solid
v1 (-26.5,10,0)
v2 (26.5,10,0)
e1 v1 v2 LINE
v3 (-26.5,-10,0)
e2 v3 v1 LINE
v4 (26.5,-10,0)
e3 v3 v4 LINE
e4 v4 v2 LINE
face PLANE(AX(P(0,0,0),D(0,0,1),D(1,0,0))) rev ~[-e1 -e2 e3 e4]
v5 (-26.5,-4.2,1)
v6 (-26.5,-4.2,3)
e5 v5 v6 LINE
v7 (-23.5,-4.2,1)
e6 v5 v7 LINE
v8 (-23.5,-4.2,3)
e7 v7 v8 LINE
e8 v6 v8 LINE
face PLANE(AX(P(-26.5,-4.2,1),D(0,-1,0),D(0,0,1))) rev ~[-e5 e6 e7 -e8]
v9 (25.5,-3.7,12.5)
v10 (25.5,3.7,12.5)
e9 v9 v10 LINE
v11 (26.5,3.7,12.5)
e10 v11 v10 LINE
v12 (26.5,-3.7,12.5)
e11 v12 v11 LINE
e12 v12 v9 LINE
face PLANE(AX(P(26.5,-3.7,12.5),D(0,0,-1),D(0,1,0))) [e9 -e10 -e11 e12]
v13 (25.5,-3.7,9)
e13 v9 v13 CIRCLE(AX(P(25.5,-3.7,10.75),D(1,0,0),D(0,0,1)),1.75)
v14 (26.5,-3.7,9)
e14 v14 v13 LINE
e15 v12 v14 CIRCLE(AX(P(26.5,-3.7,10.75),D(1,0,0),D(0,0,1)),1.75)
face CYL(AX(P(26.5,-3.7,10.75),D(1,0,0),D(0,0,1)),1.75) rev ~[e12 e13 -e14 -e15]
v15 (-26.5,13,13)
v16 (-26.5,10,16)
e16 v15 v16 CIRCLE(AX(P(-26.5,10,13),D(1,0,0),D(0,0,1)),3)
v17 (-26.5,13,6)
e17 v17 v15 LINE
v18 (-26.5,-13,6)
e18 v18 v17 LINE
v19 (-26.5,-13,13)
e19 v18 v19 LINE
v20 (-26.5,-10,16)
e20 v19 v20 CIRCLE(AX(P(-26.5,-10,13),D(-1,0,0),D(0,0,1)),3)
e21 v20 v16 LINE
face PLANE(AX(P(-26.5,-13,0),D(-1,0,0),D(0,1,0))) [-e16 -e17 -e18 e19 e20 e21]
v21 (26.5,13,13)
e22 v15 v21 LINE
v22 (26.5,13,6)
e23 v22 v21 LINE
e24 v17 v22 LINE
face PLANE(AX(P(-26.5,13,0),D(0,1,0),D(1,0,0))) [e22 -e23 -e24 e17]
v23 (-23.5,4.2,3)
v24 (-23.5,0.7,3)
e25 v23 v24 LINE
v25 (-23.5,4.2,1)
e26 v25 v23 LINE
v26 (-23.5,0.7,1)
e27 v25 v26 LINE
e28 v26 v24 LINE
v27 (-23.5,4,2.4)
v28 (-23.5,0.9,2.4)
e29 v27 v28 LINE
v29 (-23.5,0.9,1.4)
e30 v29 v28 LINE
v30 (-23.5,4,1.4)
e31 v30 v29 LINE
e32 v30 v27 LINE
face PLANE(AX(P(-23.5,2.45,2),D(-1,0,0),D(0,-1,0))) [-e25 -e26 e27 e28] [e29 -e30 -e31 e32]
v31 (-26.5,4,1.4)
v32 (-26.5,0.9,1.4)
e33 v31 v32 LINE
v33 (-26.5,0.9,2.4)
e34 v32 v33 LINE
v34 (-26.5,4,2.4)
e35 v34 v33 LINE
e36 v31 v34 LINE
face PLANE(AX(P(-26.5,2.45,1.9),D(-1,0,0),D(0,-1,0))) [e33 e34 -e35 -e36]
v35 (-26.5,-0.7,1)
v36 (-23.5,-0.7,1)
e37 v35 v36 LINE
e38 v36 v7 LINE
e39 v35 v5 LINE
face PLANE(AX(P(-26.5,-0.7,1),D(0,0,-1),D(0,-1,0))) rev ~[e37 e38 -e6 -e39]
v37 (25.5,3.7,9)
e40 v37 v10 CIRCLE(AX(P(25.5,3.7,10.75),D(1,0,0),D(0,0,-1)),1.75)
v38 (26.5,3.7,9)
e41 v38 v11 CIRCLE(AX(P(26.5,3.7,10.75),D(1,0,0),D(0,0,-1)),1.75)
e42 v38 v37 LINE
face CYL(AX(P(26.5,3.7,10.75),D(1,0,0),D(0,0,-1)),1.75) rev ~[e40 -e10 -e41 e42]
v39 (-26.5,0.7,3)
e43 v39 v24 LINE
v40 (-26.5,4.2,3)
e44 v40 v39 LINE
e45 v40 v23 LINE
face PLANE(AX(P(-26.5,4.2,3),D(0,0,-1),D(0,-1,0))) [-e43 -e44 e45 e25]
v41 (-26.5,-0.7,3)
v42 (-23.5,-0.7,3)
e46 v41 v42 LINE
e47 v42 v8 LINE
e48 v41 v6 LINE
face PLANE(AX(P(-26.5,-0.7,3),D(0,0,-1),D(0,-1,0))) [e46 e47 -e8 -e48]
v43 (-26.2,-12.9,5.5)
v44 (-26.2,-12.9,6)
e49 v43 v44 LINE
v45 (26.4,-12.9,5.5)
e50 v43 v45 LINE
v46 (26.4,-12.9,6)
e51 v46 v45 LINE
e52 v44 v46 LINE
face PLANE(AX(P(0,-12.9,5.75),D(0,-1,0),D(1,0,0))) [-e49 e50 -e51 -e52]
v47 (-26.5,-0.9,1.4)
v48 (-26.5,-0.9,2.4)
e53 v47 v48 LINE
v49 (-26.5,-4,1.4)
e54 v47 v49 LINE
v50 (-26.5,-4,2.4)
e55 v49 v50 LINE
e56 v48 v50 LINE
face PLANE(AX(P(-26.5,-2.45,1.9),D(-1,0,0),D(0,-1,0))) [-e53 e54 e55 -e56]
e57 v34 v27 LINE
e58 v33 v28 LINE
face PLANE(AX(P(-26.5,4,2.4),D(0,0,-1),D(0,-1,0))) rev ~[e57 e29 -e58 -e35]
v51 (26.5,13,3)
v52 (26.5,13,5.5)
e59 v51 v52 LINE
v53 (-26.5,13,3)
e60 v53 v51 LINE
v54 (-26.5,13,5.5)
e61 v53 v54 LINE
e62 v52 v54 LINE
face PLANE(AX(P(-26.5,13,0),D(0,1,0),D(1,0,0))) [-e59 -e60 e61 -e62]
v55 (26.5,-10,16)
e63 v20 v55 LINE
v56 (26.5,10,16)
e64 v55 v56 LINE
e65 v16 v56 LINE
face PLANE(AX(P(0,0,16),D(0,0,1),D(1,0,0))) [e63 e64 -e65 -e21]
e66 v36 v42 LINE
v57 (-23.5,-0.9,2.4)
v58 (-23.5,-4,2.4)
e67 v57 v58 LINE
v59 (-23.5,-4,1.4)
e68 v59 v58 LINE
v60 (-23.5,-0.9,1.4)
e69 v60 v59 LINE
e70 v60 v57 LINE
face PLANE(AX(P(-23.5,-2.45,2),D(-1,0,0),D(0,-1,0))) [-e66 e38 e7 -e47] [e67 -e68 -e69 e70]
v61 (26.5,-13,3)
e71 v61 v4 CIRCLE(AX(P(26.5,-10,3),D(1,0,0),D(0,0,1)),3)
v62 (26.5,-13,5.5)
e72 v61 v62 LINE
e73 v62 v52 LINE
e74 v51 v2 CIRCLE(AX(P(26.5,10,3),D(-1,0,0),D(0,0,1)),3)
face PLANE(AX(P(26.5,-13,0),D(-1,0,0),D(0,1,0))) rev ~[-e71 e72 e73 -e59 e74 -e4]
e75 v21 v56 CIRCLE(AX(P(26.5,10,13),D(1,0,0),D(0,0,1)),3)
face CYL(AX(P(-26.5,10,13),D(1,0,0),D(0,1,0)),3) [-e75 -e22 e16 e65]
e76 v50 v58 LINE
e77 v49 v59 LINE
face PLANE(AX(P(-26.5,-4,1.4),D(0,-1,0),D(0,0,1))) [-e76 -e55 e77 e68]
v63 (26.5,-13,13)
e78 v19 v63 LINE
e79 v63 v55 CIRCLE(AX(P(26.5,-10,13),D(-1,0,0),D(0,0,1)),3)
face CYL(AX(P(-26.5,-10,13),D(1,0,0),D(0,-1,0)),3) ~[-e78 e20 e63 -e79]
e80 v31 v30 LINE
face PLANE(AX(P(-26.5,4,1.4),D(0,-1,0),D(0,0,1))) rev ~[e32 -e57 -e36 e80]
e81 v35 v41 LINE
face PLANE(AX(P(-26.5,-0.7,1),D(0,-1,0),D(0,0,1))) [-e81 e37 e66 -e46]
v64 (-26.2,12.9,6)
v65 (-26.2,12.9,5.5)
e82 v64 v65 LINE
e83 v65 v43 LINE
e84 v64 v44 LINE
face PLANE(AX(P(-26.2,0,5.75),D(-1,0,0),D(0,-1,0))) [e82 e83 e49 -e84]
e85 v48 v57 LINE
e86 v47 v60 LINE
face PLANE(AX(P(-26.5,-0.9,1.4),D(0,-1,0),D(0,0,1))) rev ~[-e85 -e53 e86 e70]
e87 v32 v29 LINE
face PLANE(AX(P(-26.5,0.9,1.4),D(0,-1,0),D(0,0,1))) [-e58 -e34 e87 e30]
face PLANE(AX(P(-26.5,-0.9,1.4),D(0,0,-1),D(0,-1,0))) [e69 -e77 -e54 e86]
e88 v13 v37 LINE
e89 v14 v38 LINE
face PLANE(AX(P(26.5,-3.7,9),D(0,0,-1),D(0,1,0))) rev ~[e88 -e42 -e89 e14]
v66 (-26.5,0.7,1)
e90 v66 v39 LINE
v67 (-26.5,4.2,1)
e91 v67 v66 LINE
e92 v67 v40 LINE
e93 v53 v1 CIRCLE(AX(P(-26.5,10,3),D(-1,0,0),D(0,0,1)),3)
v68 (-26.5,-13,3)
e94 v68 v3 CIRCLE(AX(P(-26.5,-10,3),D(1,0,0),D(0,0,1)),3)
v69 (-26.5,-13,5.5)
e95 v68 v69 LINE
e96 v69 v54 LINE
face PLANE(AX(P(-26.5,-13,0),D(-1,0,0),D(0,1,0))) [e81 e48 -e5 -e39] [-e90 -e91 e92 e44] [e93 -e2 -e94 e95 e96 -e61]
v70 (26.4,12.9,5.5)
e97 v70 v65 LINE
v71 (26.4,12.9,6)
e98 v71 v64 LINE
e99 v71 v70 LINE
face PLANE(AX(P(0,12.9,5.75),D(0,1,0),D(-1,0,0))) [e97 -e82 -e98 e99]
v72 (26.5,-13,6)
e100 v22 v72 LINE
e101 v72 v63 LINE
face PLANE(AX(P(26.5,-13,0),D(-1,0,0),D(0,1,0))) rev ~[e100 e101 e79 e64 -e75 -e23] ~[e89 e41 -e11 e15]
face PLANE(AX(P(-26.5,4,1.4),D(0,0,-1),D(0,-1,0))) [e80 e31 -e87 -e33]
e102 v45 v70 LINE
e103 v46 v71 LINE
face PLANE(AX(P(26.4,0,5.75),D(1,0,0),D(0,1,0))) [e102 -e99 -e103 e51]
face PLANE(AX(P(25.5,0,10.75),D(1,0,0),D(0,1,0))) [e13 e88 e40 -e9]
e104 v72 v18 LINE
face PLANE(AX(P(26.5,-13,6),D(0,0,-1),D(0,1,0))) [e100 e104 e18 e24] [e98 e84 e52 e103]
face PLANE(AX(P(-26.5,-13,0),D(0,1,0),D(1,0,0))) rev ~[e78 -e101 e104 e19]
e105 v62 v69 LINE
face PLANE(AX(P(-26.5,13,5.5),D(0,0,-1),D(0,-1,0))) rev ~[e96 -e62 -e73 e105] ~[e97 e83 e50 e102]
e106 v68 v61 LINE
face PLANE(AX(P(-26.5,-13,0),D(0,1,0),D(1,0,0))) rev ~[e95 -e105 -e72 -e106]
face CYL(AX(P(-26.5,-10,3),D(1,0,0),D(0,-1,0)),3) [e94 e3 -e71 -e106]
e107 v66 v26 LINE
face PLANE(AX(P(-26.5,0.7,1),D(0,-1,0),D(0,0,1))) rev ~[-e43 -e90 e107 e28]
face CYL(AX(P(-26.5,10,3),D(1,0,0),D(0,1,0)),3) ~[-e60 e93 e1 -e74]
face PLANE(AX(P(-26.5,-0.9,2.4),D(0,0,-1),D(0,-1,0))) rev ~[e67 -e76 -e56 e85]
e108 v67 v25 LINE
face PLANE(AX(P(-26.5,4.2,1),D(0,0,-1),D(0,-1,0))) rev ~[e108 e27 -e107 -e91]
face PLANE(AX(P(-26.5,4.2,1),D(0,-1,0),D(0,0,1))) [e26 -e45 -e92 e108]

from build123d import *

# Parameters (mm, degrees)
SKETCH_W        = 53
SKETCH_H        = 26
PAD_DEPTH       = 16
FILLET_R        = 3
SKETCH001_W     = 3.5
SKETCH001_H     = 2
POCKET_DEPTH    = 3
SKETCH002_W     = 26
SKETCH002_H     = 0.5
POCKET001_DEPTH = 0.3
SKETCH003_W     = 53
SKETCH003_H     = 0.5
POCKET002_DEPTH = 0.1
SKETCH004_W     = 26
SKETCH004_H     = 0.5
POCKET003_DEPTH = 0.1
SKETCH005_W     = 53
SKETCH005_H     = 0.5
POCKET004_DEPTH = 0.1
SKETCH006_W     = 3.1
SKETCH006_H     = 1
PAD001_DEPTH    = 3
POCKET005_DEPTH = 1


with BuildPart() as part:
    # Sketch → Pad (new body)
    with BuildSketch(Plane.XY):
        Rectangle(SKETCH_W, SKETCH_H)
    extrude(amount=PAD_DEPTH)

    # Fillet
    fillet_edges = [part.edges().sort_by_distance(p)[0] for p in [
        (0, -13, 16),
        (0, -13, 0),
        (0, 13, 16),
        (0, 13, 0),
    ]]
    fillet(fillet_edges, radius=FILLET_R)

    # Sketch001 (on Face2 of Fillet) → Pocket (cut)
    with BuildSketch(Plane(origin=(-26.5, 0, 0), x_dir=(0, -1, 0), z_dir=(-1, 0, 0))):
        with Locations((-2.45, 2)):
            Rectangle(SKETCH001_W, SKETCH001_H)
        with Locations((2.45, 2)):
            Rectangle(SKETCH001_W, SKETCH001_H)
    extrude(amount=-POCKET_DEPTH, mode=Mode.SUBTRACT)

    # Sketch002 (on Face2 of Pocket) → Pocket001 (cut)
    with BuildSketch(Plane(origin=(-26.5, 0, 0), x_dir=(0, -1, 0), z_dir=(-1, 0, 0))):
        with Locations((0, 5.75)):
            Rectangle(SKETCH002_W, SKETCH002_H)
    extrude(amount=-POCKET001_DEPTH, mode=Mode.SUBTRACT)

    # Sketch003 (on Face1 of Pocket001) → Pocket002 (cut)
    with BuildSketch(Plane(origin=(0, 13, 0), x_dir=(-1, 0, 0), z_dir=(0, 1, 0))):
        with Locations((0, 5.75)):
            Rectangle(SKETCH003_W, SKETCH003_H)
    extrude(amount=-POCKET002_DEPTH, mode=Mode.SUBTRACT)

    # Sketch004 (on Face3 of Pocket002) → Pocket003 (cut)
    with BuildSketch(Plane.YZ.offset(26.5)):
        with Locations((0, 5.75)):
            Rectangle(SKETCH004_W, SKETCH004_H)
    extrude(amount=-POCKET003_DEPTH, mode=Mode.SUBTRACT)

    # Sketch005 (on Face10 of Pocket003) → Pocket004 (cut)
    with BuildSketch(Plane.XZ.offset(13)):
        with Locations((0, 5.75)):
            Rectangle(SKETCH005_W, SKETCH005_H)
    extrude(amount=-POCKET004_DEPTH, mode=Mode.SUBTRACT)

    # Sketch006 (on Face7 of Pocket004) → Pad001 (join)
    with BuildSketch(Plane(origin=(-26.5, 0, 0), x_dir=(0, -1, 0), z_dir=(-1, 0, 0))):
        with Locations((-2.45, 1.9)):
            Rectangle(SKETCH006_W, SKETCH006_H)
        with Locations((2.45, 1.9)):
            Rectangle(SKETCH006_W, SKETCH006_H)
    extrude(amount=-PAD001_DEPTH)

    # Sketch007 (on Face45 of Pad001) → Pocket005 (cut)
    with BuildSketch(Plane.YZ.offset(26.5)):
        with BuildLine():
            ThreePointArc((-3.7, 12.5), (-5.45, 10.75), (-3.7, 9))
            Line((-3.7, 9), (3.7, 9))
            ThreePointArc((3.7, 9), (5.45, 10.75), (3.7, 12.5))
            Line((-3.7, 12.5), (3.7, 12.5))
        make_face()
    extrude(amount=-POCKET005_DEPTH, mode=Mode.SUBTRACT)


solid = part.part
